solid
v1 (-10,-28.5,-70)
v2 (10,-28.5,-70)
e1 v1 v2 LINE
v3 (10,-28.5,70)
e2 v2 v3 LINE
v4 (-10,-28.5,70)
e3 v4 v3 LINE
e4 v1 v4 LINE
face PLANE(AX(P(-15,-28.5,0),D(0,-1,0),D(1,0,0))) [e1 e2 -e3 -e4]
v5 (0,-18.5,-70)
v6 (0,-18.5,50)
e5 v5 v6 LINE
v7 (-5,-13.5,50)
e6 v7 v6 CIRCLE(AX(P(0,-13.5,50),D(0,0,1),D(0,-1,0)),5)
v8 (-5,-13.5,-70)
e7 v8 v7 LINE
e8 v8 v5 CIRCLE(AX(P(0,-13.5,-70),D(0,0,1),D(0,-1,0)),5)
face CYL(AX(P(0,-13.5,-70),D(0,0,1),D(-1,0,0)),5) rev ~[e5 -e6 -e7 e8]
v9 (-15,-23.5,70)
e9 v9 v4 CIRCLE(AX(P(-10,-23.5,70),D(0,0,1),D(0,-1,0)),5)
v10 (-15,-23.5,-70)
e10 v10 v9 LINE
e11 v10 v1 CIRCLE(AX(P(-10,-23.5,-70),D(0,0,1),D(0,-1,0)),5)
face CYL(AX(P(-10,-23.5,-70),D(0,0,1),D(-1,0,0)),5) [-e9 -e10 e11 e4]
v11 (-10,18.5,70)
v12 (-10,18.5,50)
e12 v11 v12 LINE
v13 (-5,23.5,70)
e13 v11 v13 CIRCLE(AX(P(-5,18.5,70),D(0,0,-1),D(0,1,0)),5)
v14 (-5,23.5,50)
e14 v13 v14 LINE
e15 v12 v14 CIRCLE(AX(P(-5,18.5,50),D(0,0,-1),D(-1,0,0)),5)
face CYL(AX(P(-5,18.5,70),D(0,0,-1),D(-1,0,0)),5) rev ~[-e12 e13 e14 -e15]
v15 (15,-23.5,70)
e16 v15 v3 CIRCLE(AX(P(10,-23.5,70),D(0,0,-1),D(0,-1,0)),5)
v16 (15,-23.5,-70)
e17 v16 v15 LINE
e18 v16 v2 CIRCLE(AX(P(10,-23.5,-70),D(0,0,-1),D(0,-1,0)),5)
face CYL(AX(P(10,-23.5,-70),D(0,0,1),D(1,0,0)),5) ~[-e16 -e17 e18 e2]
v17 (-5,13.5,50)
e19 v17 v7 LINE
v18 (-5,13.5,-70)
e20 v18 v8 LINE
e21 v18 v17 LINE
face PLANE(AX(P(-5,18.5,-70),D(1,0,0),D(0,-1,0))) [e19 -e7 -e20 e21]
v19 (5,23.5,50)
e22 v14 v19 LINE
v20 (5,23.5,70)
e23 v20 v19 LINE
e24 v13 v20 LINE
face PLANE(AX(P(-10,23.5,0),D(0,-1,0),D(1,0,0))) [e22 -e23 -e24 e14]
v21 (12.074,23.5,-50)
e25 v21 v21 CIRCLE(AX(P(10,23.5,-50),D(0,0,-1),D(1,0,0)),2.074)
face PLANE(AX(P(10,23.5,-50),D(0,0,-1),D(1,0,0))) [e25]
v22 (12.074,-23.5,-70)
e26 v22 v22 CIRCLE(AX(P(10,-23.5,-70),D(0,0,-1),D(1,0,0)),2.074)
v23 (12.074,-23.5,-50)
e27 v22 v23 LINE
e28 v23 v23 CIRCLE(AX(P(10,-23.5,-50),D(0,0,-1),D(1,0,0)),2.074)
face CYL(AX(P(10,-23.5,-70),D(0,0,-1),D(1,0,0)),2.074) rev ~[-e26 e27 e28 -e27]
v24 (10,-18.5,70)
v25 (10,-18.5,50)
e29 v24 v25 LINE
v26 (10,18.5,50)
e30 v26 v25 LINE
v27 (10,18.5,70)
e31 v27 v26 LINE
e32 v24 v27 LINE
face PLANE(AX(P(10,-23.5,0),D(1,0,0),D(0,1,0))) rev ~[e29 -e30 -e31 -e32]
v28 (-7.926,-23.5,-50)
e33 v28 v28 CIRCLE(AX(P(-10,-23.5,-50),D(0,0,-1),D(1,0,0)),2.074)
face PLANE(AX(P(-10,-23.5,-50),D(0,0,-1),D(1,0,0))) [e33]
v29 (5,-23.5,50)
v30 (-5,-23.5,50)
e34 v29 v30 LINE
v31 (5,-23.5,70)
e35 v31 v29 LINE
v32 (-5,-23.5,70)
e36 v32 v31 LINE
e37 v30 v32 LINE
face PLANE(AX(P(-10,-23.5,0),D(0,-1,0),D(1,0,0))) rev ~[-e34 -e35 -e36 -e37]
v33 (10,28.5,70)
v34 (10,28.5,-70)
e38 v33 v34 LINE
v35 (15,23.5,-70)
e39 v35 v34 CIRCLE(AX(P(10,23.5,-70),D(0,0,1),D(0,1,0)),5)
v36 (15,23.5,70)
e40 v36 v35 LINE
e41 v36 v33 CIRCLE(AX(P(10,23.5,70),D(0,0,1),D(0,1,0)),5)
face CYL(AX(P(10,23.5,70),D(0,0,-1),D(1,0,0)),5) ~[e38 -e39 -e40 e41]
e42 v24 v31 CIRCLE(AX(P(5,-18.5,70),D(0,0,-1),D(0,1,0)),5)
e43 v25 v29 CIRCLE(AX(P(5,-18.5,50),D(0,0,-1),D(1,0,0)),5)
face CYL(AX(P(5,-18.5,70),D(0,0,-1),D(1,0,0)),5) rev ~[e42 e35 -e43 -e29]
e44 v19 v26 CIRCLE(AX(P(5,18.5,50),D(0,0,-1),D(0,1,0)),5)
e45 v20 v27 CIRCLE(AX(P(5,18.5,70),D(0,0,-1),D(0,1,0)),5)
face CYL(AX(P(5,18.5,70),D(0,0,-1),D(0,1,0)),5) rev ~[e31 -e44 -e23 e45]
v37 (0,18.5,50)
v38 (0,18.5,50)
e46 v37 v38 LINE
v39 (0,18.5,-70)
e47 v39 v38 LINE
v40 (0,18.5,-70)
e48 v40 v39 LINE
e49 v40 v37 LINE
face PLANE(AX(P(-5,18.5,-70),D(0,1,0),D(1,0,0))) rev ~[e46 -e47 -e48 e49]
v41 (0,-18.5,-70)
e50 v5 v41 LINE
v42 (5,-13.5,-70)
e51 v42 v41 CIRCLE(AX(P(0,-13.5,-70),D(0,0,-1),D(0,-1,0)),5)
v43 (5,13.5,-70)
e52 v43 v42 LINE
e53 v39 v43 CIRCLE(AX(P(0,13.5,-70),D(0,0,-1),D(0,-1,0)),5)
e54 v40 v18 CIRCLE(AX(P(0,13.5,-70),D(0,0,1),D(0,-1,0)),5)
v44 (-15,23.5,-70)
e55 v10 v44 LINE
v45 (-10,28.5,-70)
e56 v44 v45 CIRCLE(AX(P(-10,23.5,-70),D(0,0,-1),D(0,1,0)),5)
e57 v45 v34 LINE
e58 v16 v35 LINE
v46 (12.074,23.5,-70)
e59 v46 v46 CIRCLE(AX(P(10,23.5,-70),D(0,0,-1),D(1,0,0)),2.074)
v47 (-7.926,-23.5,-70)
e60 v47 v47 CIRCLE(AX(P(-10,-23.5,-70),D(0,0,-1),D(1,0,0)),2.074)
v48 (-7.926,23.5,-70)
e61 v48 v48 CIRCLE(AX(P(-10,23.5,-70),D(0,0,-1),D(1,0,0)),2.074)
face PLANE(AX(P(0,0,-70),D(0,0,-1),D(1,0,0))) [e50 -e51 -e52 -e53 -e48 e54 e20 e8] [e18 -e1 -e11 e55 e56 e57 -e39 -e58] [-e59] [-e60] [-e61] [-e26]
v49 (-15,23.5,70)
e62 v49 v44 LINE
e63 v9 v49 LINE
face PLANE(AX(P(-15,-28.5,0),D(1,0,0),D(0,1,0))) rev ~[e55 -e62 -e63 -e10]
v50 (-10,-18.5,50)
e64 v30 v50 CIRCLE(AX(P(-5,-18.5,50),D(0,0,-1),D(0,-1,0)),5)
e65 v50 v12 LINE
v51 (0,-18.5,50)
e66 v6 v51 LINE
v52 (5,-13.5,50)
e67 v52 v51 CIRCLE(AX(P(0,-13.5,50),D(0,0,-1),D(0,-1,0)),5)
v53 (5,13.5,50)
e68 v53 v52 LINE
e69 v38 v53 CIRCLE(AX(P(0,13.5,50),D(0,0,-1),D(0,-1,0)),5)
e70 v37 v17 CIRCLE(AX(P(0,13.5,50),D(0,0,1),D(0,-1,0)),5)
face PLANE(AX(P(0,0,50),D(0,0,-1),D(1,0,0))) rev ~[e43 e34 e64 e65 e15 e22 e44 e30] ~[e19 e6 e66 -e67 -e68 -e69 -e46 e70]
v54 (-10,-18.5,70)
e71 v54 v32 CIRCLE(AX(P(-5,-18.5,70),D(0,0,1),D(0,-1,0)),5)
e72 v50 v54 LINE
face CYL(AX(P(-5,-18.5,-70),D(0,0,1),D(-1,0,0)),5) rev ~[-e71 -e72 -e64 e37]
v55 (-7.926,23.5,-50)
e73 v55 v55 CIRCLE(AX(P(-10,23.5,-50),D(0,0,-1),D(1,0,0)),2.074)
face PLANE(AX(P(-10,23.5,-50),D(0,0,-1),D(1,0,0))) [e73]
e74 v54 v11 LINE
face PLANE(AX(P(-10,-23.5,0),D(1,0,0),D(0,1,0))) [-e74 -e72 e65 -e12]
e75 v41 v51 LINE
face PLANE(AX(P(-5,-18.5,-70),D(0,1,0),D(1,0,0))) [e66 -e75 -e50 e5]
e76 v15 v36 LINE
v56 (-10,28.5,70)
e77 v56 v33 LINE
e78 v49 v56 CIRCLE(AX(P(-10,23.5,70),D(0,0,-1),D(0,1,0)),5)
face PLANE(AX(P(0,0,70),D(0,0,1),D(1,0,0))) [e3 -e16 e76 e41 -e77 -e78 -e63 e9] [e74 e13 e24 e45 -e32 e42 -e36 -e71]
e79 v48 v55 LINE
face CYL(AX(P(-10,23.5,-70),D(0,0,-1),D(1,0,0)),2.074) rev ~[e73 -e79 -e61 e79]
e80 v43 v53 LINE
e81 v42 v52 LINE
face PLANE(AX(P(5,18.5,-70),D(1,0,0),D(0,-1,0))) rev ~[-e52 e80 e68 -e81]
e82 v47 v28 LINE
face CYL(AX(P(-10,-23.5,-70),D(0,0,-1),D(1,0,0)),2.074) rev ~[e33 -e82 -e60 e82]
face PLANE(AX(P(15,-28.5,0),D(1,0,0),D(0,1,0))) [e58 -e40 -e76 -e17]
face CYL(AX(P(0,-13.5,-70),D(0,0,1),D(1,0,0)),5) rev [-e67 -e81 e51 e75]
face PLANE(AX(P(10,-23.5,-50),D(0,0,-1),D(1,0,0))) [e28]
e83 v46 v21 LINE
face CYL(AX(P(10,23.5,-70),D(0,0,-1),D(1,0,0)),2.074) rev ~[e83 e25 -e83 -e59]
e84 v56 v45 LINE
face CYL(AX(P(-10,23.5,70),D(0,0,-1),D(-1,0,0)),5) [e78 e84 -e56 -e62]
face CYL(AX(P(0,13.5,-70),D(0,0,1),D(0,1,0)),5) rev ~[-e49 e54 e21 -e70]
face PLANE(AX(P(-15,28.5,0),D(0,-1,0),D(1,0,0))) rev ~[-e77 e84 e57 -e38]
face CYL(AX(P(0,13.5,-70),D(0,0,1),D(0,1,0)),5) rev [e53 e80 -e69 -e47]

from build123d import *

# Parameters (mm, degrees)
F0_W          = 30.0000000298
F0_H          = 57.0000000298
F0_W_2        = 20
F0_H_2        = 47
F1_DEPTH      = 70
F1_DEPTH_BACK = 70
F2_R          = 5
F3_W          = 10.0000004768
F3_H          = 37.0000004768
F4_DEPTH      = 120
F5_R          = 5
F6_R          = 2.074
F7_DEPTH      = 20


with BuildPart() as f1:
    # F0 (on Top) → F1 (new body, two sides)
    with BuildSketch(Plane.XY) as f1_sk:
        Rectangle(F0_W, F0_H)
        Rectangle(F0_W_2, F0_H_2, mode=Mode.SUBTRACT)
    extrude(amount=F1_DEPTH)
    extrude(f1_sk.sketch, amount=-F1_DEPTH_BACK)

    # F2
    f2_edges = [f1.edges().sort_by_distance(p)[0] for p in [
        (-10, 23.5, 0),
        (10, 23.5, 0),
        (-10, -23.5, 0),
        (10, -23.5, 0),
        (-15, 28.5, 0),
        (15, 28.5, 0),
        (15, -28.5, 0),
        (-15, -28.5, 0),
    ]]
    fillet(f2_edges, radius=F2_R)

    # F3 (on face) → F4 (join)
    with BuildSketch(Plane(origin=(0, 0, -70), x_dir=(1, 0, 0), z_dir=(0, 0, -1))):
        with BuildLine():
            Line((-10, 18.5), (-10, -18.5))
            ThreePointArc((-10, -18.5), (-8.5355339059, -22.0355339059), (-5, -23.5))
            Line((-5, -23.5), (5, -23.5))
            ThreePointArc((5, -23.5), (8.5355339059, -22.0355339059), (10, -18.5))
            Line((10, -18.5), (10, 18.5))
            ThreePointArc((10, 18.5), (8.5355339059, 22.0355339059), (5, 23.5))
            Line((5, 23.5), (-5, 23.5))
            ThreePointArc((-5, 23.5), (-8.5355339059, 22.0355339059), (-10, 18.5))
        make_face()
        Rectangle(F3_W, F3_H, mode=Mode.SUBTRACT)
    extrude(amount=-F4_DEPTH)

    # F5
    f5_edges = [f1.edges().sort_by_distance(p)[0] for p in [
        (-5, -18.5, -10),
        (5, -18.5, -10),
        (5, 18.5, -10),
        (-5, 18.5, -10),
    ]]
    fillet(f5_edges, radius=F5_R)

    # F6 (on face) → F7 (cut)
    with BuildSketch(Plane(origin=(0, 0, -70), x_dir=(1, 0, 0), z_dir=(0, 0, -1))):
        with Locations((-10.0000000149, 23.5000000149)):
            Circle(F6_R)
        with Locations((10.0000000149, 23.5000000149)):
            Circle(F6_R)
        with Locations((-10.0000000149, -23.5000000149)):
            Circle(F6_R)
        with Locations((10.0000000149, -23.5000000149)):
            Circle(F6_R)
    extrude(amount=-F7_DEPTH, mode=Mode.SUBTRACT)


solid = f1.part
